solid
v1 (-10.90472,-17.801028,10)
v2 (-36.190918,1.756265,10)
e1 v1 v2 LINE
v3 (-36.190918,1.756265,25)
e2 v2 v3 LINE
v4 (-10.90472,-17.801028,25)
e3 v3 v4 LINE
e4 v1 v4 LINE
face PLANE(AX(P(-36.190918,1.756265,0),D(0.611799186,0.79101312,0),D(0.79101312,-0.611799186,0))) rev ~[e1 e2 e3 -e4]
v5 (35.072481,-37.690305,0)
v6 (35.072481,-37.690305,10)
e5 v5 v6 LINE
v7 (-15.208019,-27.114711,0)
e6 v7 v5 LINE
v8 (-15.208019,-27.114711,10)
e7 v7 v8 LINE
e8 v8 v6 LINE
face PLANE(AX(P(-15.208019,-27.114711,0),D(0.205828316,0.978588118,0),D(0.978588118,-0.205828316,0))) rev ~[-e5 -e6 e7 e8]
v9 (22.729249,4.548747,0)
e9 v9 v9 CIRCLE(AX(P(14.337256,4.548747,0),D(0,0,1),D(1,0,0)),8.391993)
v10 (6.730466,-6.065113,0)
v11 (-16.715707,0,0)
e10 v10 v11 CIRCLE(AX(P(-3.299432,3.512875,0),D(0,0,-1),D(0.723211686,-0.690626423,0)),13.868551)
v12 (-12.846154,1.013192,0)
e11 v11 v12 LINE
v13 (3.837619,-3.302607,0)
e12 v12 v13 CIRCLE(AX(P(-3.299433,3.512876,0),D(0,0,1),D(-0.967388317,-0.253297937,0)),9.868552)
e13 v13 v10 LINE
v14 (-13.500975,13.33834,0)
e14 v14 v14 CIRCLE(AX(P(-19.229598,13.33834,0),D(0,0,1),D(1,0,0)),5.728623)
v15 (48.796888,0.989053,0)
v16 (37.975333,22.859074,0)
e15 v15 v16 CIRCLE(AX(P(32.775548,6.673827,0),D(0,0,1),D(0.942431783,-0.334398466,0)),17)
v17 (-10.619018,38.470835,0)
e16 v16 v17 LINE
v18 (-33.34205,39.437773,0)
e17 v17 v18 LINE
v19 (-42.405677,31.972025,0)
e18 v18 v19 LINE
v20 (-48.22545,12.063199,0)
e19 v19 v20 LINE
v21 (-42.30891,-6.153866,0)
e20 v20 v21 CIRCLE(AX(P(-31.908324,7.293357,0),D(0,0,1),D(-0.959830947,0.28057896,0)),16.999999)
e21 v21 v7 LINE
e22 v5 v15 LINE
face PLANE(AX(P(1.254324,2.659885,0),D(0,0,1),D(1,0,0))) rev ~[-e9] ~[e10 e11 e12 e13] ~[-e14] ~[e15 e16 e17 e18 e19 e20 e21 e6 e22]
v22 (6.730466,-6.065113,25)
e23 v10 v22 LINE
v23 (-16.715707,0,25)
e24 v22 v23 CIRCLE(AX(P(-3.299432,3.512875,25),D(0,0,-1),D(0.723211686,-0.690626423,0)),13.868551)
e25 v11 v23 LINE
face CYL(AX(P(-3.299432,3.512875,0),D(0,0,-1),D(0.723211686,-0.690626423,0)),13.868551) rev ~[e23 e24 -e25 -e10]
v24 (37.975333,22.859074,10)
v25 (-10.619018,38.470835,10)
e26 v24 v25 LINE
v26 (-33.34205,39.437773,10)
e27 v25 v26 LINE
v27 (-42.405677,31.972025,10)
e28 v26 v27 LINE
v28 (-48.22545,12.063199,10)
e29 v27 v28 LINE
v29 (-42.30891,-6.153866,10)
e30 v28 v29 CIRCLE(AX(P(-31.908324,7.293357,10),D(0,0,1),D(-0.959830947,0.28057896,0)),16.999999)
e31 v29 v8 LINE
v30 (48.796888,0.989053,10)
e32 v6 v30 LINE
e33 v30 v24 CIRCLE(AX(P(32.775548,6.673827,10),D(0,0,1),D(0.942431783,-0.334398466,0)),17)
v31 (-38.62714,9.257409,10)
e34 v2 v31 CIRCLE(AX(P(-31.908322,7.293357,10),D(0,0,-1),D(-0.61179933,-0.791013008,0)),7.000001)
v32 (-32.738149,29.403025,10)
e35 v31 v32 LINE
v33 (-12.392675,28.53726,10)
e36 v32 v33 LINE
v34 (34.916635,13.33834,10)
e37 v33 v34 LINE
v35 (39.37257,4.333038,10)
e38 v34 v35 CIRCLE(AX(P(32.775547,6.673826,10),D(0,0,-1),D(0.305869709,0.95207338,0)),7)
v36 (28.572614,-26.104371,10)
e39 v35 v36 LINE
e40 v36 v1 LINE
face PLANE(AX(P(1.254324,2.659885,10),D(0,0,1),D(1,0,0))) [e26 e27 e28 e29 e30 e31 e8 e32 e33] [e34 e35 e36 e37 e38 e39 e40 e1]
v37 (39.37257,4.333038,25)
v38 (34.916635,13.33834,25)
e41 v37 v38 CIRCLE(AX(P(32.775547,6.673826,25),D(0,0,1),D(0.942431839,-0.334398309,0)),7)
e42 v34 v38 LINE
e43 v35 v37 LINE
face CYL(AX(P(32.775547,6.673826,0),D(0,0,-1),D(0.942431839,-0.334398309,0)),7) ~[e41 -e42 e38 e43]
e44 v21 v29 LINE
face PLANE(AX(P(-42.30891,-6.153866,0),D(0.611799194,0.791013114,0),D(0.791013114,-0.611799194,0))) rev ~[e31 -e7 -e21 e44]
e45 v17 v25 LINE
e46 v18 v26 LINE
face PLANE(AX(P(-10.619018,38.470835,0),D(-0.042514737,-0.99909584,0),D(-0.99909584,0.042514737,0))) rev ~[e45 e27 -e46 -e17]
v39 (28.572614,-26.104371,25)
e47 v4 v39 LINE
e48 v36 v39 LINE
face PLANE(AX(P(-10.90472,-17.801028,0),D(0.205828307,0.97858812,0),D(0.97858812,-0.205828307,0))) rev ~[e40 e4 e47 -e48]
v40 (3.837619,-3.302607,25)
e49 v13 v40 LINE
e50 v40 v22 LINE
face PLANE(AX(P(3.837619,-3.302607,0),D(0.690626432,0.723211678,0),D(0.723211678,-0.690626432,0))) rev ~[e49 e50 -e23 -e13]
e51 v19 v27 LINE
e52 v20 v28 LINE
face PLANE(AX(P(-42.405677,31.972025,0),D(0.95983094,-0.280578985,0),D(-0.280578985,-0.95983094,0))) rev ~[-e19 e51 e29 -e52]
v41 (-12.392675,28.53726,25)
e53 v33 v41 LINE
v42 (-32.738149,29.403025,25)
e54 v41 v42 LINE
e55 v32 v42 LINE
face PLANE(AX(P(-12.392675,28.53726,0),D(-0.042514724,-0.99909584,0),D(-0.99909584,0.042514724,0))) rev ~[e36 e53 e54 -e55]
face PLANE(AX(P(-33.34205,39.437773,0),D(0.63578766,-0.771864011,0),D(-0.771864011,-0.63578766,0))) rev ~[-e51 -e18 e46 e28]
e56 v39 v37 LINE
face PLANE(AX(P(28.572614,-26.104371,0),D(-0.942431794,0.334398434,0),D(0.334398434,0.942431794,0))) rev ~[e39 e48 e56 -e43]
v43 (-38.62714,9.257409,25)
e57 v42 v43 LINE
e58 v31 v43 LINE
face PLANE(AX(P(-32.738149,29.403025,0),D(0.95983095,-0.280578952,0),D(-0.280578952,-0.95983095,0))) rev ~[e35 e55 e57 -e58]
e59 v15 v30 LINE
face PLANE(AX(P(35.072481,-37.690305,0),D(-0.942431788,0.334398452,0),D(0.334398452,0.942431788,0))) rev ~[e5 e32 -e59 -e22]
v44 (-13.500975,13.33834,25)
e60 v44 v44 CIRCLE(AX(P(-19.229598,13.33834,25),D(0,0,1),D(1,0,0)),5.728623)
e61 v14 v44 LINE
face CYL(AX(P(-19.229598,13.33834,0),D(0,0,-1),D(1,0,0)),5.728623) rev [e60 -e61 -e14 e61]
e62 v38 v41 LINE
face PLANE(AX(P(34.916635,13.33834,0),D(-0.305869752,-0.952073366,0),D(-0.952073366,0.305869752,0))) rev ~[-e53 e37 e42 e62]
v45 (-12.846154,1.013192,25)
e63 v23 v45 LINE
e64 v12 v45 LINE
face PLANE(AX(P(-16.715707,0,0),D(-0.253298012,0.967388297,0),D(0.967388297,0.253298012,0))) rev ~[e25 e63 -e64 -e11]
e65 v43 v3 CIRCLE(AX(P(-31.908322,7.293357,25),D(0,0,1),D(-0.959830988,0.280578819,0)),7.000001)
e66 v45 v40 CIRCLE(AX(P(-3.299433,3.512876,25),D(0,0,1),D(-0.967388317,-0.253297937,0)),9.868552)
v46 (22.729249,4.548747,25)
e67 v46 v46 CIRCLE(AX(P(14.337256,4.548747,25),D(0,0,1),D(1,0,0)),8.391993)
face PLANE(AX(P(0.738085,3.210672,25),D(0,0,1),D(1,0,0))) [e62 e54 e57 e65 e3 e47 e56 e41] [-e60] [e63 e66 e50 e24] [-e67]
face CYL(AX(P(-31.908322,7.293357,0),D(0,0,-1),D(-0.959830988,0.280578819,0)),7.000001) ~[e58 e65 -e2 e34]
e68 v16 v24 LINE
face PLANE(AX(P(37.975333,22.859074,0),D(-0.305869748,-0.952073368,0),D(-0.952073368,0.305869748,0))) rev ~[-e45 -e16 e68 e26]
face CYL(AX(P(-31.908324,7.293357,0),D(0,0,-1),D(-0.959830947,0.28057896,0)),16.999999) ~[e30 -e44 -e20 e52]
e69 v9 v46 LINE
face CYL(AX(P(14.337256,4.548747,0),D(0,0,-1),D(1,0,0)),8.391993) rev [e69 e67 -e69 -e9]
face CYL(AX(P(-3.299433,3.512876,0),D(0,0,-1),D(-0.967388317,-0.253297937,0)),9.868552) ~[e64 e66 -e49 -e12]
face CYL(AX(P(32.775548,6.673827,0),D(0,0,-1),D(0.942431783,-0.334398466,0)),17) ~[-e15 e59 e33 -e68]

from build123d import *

# Parameters (mm, degrees)
F0_R     = 5.728623
F0_R_2   = 8.391993
F1_DEPTH = 25
F2_DEPTH = 10


with BuildPart() as f1:
    # F0 (on Top) → F1 (new body)
    with BuildSketch(Plane.XY):
        with BuildLine():
            Line((-12.392675, 28.53726), (-32.738149, 29.403025))
            Line((-32.738149, 29.403025), (-38.62714, 9.257409))
            ThreePointArc((-38.62714, 9.257409), (-38.565992, 5.131079), (-36.190918, 1.756265))
            Line((-36.190918, 1.756265), (-10.90472, -17.801028))
            Line((-10.90472, -17.801028), (28.572614, -26.104371))
            Line((28.572614, -26.104371), (39.37257, 4.333038))
            ThreePointArc((39.37257, 4.333038), (39.049502, 9.778257), (34.916635, 13.33834))
            Line((34.916635, 13.33834), (-12.392675, 28.53726))
        make_face()
        with BuildLine():
            ThreePointArc((6.730466, -6.065113), (-6.772657, -9.913719), (-16.715707, 0))
            Line((-16.715707, 0), (-12.846154, 1.013192))
            ThreePointArc((-12.846154, 1.013192), (-5.770901, -6.041189), (3.837619, -3.302607))
            Line((3.837619, -3.302607), (6.730466, -6.065113))
        make_face(mode=Mode.SUBTRACT)
        with Locations((-19.229598, 13.33834)):
            Circle(F0_R, mode=Mode.SUBTRACT)
        with Locations((14.337256, 4.548747)):
            Circle(F0_R_2, mode=Mode.SUBTRACT)
    extrude(amount=F1_DEPTH)

    # F0 (on Top) → F2 (join)
    with BuildSketch(Plane.XY):
        with BuildLine():
            Line((37.975333, 22.859074), (-10.619018, 38.470835))
            Line((-10.619018, 38.470835), (-33.34205, 39.437773))
            Line((-33.34205, 39.437773), (-42.405677, 31.972025))
            Line((-42.405677, 31.972025), (-48.22545, 12.063199))
            ThreePointArc((-48.22545, 12.063199), (-48.076948, 2.04211), (-42.30891, -6.153866))
            Line((-42.30891, -6.153866), (-15.208019, -27.114711))
            Line((-15.208019, -27.114711), (35.072481, -37.690305))
            Line((35.072481, -37.690305), (48.796888, 0.989053))
            ThreePointArc((48.796888, 0.989053), (48.012296, 14.213157), (37.975333, 22.859074))
        make_face()
        with BuildLine():
            Line((-38.62714, 9.257409), (-32.738149, 29.403025))
            Line((-32.738149, 29.403025), (-12.392675, 28.53726))
            Line((-12.392675, 28.53726), (34.916635, 13.33834))
            ThreePointArc((34.916635, 13.33834), (39.049502, 9.778257), (39.37257, 4.333038))
            Line((39.37257, 4.333038), (28.572614, -26.104371))
            Line((28.572614, -26.104371), (-10.90472, -17.801028))
            Line((-10.90472, -17.801028), (-36.190918, 1.756265))
            ThreePointArc((-36.190918, 1.756265), (-38.565992, 5.131079), (-38.62714, 9.257409))
        make_face(mode=Mode.SUBTRACT)
    extrude(amount=F2_DEPTH)


solid = f1.part
